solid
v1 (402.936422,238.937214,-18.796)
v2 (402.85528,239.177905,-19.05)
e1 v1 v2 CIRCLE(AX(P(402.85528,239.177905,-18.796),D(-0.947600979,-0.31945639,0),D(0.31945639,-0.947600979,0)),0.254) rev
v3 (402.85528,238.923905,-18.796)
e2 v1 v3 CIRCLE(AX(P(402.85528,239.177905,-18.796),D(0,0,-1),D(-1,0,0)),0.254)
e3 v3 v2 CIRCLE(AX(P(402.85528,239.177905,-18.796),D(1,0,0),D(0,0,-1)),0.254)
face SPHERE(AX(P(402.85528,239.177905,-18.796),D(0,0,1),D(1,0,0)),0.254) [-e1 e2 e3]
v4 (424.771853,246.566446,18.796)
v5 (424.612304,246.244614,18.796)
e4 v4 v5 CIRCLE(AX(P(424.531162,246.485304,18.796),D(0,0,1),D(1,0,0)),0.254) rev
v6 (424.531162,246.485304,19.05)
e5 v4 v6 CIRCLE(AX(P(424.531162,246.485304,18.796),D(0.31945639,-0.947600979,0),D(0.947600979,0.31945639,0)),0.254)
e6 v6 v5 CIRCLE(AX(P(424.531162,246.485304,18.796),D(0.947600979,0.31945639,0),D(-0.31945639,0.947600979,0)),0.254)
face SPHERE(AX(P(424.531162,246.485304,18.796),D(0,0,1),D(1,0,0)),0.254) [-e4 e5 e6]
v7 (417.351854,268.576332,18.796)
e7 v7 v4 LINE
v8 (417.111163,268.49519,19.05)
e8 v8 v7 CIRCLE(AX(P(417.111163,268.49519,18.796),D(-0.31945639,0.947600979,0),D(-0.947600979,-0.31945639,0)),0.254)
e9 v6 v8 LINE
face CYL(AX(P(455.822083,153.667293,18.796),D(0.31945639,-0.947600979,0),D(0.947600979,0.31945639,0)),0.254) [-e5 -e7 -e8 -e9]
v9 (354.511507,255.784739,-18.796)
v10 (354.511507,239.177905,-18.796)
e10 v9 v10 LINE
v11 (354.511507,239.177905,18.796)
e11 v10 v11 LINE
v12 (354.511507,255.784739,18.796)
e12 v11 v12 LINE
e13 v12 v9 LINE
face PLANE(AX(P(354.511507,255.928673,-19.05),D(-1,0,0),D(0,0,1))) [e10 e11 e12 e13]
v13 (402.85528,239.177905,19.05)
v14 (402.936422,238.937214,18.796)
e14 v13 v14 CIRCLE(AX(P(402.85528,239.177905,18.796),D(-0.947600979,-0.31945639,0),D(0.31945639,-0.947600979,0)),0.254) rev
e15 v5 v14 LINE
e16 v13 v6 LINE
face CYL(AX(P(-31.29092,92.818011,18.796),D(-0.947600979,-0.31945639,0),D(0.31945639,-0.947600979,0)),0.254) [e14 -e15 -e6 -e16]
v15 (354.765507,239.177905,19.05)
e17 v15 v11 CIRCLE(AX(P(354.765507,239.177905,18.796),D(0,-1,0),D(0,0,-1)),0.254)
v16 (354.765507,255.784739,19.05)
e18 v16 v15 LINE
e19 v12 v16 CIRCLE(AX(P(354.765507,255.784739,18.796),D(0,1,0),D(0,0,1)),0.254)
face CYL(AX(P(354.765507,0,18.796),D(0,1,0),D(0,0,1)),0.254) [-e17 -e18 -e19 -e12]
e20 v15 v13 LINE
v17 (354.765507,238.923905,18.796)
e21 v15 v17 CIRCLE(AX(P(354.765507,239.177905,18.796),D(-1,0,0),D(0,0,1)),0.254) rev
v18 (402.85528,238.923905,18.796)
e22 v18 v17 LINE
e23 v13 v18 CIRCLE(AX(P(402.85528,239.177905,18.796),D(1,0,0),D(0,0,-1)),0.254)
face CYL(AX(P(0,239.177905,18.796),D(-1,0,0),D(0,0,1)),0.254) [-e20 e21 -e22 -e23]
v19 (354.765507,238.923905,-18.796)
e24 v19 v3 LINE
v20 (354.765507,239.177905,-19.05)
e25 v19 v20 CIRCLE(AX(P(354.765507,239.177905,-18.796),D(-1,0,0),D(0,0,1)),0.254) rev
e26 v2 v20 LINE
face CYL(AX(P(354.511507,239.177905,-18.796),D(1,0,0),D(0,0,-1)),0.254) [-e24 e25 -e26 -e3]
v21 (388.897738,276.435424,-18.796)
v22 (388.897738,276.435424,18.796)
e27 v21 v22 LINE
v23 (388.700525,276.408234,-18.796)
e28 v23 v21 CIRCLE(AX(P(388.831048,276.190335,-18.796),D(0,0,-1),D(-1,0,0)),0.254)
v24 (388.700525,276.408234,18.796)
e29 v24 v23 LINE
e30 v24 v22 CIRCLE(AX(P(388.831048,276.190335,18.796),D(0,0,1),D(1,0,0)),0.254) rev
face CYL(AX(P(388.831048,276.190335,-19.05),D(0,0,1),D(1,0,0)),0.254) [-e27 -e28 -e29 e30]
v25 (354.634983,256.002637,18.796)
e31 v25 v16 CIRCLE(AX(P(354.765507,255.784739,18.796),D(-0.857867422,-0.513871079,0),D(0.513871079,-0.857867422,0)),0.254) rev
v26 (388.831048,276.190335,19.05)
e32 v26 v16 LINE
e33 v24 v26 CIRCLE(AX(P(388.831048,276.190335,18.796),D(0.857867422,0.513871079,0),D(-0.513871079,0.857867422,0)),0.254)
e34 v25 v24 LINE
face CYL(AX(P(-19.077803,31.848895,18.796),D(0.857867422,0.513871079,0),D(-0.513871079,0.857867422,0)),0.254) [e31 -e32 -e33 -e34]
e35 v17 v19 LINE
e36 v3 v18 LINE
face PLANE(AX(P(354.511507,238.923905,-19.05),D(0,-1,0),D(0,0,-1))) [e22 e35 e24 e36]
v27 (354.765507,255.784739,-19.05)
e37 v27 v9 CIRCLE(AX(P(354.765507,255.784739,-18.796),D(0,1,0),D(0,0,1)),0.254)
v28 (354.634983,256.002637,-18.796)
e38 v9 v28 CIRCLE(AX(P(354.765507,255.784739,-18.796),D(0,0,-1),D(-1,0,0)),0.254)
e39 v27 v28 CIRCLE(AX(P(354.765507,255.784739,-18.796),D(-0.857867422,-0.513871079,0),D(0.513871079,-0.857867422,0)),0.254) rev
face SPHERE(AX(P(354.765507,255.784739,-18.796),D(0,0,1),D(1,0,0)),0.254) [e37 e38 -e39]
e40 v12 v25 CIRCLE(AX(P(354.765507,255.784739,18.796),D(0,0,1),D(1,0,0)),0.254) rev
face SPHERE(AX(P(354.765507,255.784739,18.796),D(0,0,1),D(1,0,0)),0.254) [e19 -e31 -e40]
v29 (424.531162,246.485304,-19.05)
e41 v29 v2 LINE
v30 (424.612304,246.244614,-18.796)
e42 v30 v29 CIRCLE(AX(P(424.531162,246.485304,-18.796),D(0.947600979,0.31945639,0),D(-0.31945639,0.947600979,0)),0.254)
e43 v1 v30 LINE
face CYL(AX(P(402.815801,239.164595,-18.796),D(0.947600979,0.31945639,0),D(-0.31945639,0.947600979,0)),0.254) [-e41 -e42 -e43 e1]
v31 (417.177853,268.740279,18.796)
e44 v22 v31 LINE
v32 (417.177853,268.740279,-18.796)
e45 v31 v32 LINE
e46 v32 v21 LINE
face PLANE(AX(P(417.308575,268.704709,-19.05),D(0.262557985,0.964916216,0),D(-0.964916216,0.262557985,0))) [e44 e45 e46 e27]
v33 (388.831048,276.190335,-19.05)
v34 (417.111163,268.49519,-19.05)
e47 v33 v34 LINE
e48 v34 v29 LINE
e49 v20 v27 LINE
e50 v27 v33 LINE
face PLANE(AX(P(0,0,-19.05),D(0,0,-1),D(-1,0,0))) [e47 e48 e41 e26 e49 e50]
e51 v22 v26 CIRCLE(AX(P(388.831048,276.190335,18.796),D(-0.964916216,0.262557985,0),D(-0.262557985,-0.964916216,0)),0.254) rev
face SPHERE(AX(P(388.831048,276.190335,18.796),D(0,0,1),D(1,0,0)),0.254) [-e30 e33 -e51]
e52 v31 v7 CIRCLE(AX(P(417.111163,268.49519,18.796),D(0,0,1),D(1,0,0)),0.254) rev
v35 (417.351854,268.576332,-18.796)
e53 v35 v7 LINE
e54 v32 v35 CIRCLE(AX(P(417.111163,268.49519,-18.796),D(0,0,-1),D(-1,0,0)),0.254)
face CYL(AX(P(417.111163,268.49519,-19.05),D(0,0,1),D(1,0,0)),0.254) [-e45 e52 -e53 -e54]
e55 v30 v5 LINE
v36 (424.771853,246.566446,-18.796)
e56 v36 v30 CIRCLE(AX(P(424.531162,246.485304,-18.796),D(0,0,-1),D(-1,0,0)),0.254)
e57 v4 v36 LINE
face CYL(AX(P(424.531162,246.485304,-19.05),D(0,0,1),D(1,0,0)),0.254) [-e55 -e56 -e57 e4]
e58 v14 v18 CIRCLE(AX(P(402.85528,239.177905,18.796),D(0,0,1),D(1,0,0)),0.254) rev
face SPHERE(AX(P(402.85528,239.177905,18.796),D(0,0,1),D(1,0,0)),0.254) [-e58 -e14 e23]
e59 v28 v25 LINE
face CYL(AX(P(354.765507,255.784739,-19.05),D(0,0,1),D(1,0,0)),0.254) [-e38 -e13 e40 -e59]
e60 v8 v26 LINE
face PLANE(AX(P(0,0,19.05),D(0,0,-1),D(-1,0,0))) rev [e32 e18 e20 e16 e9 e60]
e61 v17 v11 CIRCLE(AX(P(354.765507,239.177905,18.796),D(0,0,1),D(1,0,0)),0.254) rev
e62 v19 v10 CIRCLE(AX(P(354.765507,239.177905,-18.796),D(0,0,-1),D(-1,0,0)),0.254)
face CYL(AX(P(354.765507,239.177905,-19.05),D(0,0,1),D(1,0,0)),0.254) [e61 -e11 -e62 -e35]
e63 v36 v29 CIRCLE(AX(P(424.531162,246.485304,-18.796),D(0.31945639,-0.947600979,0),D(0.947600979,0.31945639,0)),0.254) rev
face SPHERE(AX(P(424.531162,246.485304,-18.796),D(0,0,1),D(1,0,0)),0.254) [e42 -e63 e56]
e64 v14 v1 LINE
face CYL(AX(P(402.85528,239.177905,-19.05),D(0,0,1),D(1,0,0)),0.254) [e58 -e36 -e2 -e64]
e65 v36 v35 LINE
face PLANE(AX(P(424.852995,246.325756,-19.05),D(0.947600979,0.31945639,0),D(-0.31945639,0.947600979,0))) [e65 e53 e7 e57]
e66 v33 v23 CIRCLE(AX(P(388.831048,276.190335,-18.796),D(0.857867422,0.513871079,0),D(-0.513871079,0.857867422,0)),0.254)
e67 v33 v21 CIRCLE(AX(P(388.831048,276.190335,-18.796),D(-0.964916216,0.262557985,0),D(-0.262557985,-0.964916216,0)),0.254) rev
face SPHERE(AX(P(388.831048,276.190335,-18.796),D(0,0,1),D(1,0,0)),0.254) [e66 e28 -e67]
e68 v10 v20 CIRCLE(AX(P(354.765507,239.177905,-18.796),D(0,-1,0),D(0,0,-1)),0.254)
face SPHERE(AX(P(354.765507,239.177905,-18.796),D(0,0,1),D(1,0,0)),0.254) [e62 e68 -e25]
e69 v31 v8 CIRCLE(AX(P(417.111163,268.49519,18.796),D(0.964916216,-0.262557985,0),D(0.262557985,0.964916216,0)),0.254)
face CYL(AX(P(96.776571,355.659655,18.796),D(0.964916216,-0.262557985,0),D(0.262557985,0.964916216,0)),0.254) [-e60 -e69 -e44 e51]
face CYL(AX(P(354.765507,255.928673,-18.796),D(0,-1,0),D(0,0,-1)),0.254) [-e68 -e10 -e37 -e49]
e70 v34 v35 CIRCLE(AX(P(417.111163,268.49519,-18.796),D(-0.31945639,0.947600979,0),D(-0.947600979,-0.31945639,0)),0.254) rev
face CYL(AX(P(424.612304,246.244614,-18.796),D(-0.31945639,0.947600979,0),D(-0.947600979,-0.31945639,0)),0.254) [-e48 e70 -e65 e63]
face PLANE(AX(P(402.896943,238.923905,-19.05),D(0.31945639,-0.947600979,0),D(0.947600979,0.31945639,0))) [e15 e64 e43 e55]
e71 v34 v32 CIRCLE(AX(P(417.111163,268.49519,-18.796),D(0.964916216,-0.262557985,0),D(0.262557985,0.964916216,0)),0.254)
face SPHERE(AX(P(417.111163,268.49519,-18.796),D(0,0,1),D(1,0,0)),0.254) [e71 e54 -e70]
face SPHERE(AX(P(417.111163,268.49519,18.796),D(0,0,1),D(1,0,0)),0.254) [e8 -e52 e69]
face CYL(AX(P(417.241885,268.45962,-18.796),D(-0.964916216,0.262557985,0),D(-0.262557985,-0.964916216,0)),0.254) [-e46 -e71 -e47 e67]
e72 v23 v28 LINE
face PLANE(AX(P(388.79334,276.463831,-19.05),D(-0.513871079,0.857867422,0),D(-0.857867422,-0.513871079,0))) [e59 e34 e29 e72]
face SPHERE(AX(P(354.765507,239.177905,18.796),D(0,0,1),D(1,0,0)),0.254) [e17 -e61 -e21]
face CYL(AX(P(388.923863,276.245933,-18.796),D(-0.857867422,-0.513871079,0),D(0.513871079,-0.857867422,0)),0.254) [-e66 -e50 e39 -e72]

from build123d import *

# Parameters (mm, degrees)
BOSS_EXTRUDE1_DEPTH      = 19.05
BOSS_EXTRUDE1_DEPTH_BACK = 19.05
FILLET1_R                = 0.254


with BuildPart() as part:
    # Sketch1 → Boss-Extrude1 (new, two sides: drawn at the far end of the back side and taken through both)
    with BuildSketch(Plane.XY.offset(-BOSS_EXTRUDE1_DEPTH_BACK)):
        Polygon((388.793340161, 276.463831059), (354.511506684, 255.928673382), (354.511506684, 238.923904635), (402.896942526, 238.923904635), (424.852995025, 246.325755667), (417.308575132, 268.704709057), align=None)
    extrude(amount=BOSS_EXTRUDE1_DEPTH + BOSS_EXTRUDE1_DEPTH_BACK)

    # Fillet1
    fillet1_edges = [part.edges().sort_by_distance(p)[0] for p in [
        (371.652423423, 266.19625222, -19.05),
        (424.852995025, 246.325755667, 0),
        (402.896942526, 238.923904635, 0),
        (354.511506684, 238.923904635, 0),
        (354.511506684, 255.928673382, 0),
        (388.793340161, 276.463831059, 0),
        (417.308575132, 268.704709057, 0),
        (354.511506684, 247.426289008, -19.05),
        (378.704224605, 238.923904635, -19.05),
        (421.080785078, 257.515232362, 19.05),
        (403.050957647, 272.584270058, 19.05),
        (371.652423423, 266.19625222, 19.05),
        (354.511506684, 247.426289008, 19.05),
        (378.704224605, 238.923904635, 19.05),
        (413.874968775, 242.624830151, -19.05),
        (413.874968775, 242.624830151, 19.05),
        (421.080785078, 257.515232362, -19.05),
        (403.050957647, 272.584270058, -19.05),
    ]]
    fillet(fillet1_edges, radius=FILLET1_R)


solid = part.part
